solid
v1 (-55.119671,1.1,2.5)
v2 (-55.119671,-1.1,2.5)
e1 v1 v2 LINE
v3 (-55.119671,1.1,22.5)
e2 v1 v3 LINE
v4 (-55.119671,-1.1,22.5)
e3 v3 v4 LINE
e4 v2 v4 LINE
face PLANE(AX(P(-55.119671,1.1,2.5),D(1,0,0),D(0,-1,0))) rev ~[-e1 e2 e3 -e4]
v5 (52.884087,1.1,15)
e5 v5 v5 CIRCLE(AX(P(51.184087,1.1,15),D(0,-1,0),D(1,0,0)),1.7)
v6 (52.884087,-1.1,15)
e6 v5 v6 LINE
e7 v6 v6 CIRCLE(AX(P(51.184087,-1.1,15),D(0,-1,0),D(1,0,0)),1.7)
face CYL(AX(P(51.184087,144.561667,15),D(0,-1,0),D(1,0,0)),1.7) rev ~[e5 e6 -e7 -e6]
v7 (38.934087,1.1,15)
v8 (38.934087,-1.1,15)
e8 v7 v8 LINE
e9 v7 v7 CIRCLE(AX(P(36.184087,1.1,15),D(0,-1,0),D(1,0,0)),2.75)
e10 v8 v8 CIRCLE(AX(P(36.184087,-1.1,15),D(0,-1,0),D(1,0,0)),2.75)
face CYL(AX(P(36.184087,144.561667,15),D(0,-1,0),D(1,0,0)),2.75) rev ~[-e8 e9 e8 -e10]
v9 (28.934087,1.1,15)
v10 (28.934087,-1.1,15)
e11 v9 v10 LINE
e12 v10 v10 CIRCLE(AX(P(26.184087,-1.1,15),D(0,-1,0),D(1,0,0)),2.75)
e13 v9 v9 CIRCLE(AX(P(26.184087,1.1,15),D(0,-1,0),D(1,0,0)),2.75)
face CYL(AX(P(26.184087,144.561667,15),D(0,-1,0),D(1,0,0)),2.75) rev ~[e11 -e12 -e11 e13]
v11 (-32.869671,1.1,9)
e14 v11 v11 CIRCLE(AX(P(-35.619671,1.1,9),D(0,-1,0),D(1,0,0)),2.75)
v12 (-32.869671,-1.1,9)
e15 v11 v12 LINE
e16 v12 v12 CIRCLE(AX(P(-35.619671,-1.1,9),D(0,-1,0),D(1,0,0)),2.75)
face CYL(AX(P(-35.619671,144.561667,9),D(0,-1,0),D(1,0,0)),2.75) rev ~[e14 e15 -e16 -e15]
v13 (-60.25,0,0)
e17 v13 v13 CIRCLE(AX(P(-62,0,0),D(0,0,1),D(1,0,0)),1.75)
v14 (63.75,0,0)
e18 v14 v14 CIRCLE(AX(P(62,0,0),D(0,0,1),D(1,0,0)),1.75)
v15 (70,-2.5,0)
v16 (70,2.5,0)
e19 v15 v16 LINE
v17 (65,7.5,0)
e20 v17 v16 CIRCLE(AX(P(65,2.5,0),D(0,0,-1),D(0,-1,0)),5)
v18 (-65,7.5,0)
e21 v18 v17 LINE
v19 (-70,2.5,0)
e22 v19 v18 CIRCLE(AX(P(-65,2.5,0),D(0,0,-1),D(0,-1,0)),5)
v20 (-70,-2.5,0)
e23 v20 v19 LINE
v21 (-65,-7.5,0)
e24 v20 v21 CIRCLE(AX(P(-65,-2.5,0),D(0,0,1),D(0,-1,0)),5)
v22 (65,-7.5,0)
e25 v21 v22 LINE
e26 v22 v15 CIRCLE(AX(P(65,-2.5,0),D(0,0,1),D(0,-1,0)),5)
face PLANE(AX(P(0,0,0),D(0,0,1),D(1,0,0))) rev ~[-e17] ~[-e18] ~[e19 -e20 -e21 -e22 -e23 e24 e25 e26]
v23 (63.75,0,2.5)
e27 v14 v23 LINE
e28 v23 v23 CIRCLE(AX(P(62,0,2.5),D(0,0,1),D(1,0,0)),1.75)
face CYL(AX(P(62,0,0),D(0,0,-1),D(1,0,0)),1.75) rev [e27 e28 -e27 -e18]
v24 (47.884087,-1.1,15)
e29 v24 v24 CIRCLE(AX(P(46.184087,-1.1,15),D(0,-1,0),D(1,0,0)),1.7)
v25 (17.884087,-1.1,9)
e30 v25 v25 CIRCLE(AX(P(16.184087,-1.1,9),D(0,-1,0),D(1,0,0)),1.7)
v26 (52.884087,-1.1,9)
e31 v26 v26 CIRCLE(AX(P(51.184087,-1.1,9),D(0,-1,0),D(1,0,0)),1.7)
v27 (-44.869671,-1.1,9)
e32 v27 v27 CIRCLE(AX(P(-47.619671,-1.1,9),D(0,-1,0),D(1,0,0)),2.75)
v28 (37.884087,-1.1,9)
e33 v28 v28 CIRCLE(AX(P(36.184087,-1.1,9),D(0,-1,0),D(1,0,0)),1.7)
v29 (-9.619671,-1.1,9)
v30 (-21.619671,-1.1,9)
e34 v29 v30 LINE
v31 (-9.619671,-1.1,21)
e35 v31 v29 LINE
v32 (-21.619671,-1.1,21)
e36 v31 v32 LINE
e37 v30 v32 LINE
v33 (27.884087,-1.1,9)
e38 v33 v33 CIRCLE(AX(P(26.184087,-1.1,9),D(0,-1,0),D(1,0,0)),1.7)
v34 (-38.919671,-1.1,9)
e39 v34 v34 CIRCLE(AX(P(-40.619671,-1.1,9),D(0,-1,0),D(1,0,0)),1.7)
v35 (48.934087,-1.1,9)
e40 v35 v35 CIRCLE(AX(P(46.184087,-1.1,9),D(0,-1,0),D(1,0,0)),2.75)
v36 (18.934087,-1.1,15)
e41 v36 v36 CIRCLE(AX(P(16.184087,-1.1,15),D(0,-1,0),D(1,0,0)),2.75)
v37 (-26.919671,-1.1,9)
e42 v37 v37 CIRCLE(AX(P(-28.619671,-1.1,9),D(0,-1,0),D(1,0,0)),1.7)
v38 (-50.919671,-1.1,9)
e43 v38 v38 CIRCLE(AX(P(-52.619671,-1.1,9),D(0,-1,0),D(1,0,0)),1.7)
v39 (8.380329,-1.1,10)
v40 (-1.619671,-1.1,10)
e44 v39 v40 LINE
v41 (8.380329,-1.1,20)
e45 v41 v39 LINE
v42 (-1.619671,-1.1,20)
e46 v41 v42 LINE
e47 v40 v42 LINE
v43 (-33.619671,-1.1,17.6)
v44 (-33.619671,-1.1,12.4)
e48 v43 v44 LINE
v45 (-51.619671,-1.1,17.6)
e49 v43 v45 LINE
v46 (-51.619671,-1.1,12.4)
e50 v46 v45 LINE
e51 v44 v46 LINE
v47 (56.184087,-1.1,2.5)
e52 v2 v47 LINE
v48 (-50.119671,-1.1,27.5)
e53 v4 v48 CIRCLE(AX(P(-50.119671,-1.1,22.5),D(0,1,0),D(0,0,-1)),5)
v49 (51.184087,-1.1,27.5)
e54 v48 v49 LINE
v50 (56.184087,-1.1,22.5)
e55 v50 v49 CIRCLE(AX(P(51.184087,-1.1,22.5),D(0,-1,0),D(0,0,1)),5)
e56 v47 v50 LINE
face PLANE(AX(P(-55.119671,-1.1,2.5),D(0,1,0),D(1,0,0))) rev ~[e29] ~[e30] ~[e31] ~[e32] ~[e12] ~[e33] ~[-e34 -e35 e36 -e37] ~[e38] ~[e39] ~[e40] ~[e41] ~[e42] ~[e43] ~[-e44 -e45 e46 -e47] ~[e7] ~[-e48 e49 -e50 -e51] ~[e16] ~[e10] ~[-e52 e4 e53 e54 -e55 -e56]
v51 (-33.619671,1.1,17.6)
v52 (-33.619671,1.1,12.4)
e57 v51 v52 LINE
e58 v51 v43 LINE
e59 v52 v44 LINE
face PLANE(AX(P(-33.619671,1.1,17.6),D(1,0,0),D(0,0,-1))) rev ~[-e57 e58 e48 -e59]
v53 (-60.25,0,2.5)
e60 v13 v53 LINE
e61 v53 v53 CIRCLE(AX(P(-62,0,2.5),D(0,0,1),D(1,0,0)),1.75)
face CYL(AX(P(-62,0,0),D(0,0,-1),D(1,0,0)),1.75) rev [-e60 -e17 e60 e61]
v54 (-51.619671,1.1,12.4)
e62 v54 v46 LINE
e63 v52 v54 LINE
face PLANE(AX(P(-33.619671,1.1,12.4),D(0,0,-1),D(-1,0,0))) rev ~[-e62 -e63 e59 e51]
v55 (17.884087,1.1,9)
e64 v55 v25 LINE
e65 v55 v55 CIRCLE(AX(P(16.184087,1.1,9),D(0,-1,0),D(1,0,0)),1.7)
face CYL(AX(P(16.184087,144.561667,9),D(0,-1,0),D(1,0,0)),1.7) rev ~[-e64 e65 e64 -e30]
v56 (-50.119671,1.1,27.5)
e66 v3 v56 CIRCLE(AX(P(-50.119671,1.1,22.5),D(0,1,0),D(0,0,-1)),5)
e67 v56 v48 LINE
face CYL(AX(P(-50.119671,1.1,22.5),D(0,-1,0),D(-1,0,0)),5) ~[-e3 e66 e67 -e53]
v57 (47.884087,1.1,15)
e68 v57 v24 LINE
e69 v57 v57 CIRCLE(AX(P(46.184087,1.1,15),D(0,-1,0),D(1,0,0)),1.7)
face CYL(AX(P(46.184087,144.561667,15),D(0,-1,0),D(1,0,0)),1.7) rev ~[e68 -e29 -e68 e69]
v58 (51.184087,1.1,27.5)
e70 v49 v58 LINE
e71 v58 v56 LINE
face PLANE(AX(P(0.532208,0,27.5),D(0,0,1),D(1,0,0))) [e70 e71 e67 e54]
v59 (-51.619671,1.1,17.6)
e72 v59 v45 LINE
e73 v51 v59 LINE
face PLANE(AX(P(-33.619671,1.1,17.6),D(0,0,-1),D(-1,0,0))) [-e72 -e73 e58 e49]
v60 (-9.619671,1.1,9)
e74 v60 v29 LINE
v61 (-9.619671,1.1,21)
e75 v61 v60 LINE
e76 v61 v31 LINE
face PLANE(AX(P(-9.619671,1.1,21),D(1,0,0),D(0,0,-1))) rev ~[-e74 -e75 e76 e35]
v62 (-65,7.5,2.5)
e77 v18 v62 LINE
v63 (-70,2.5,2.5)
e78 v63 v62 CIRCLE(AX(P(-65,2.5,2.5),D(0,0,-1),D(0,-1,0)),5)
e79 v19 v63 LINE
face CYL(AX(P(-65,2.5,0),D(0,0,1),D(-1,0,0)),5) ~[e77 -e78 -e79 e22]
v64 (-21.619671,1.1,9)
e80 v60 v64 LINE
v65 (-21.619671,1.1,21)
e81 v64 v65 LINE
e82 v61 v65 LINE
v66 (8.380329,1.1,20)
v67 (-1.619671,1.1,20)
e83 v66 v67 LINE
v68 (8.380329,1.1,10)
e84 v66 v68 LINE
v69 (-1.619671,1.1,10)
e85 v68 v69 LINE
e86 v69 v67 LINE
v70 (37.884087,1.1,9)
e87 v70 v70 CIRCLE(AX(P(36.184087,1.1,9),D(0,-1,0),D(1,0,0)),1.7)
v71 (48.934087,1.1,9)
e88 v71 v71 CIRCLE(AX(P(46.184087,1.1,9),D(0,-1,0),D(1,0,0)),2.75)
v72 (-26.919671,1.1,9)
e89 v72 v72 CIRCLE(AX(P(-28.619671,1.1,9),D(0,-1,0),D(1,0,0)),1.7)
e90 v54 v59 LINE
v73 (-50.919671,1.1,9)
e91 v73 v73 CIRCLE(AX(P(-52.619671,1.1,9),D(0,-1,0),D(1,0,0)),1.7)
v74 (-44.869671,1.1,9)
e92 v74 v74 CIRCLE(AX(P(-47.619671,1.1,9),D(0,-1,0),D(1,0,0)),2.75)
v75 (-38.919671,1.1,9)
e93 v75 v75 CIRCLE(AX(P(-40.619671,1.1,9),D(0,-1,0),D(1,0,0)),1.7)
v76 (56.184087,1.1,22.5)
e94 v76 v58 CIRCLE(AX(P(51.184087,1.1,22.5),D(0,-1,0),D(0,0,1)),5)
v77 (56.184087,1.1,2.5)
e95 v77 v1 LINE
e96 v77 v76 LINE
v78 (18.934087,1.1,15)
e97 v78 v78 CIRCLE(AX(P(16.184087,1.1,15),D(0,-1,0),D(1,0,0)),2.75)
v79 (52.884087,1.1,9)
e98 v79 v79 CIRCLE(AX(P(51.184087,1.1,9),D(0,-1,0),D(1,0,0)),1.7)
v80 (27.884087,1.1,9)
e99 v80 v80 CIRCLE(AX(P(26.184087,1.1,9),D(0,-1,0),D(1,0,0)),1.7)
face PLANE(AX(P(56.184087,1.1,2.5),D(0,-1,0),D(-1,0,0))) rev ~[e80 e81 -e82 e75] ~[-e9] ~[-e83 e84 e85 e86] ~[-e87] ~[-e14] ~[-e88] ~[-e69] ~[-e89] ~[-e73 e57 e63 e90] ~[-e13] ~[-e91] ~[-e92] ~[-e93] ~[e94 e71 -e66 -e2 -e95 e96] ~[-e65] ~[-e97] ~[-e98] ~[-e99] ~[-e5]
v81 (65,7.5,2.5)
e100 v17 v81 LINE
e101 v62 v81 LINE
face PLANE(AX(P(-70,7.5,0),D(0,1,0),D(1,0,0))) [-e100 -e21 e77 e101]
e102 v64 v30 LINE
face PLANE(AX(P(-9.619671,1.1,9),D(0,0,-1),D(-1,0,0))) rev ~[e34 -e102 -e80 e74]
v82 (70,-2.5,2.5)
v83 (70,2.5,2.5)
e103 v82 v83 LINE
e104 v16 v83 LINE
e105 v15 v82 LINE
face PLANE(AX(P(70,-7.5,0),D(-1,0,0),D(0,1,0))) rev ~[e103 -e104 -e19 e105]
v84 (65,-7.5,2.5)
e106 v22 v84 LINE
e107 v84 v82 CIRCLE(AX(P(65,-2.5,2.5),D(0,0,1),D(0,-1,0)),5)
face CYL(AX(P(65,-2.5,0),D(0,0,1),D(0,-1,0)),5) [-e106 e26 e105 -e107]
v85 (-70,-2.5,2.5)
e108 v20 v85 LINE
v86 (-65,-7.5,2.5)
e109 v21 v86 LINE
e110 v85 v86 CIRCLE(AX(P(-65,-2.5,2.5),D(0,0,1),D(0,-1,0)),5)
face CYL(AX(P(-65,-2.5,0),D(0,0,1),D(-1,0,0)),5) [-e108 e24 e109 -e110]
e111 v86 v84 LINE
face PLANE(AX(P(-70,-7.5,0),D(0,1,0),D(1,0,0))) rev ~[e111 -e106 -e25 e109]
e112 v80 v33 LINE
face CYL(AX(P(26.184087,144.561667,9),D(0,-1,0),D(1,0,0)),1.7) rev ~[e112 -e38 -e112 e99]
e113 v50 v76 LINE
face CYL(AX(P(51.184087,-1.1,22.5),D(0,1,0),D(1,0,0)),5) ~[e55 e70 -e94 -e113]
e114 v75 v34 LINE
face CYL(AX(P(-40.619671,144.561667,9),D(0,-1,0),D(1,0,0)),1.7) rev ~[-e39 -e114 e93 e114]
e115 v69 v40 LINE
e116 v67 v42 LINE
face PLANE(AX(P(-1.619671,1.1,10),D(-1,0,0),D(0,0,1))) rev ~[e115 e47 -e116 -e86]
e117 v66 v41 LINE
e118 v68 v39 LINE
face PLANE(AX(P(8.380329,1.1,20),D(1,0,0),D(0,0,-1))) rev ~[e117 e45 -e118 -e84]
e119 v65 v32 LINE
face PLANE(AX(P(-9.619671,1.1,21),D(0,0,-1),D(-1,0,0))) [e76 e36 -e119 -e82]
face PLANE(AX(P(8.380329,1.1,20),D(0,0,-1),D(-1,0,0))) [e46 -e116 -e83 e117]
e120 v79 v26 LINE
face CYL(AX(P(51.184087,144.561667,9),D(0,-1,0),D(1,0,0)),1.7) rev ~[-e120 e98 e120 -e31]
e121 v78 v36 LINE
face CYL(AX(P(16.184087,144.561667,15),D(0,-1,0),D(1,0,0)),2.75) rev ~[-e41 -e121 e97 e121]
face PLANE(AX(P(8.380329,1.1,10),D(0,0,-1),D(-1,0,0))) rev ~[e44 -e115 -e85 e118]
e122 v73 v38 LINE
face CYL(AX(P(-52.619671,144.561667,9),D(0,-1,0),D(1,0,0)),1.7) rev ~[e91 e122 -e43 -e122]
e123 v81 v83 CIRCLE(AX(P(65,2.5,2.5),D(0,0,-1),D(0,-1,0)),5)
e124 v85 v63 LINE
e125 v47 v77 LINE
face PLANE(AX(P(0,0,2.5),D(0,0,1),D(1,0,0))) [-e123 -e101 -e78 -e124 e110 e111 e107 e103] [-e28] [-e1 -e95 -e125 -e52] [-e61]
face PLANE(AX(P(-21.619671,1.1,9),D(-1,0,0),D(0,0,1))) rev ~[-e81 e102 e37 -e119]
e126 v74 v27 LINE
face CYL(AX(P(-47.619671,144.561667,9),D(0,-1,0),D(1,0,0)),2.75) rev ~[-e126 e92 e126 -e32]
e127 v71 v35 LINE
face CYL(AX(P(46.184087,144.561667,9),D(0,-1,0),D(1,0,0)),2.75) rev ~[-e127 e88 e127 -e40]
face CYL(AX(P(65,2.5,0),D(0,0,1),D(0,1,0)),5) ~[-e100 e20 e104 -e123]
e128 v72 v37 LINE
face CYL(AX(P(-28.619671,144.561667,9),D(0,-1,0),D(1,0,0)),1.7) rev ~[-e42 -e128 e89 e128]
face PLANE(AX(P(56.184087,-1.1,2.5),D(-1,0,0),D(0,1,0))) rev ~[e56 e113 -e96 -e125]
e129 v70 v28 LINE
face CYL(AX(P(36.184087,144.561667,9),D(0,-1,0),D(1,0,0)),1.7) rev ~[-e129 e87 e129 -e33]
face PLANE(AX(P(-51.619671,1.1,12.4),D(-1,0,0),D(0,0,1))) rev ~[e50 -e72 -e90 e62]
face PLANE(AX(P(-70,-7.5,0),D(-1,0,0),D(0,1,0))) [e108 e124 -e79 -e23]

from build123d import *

# Parameters (mm, degrees)
F0_W     = 140
F0_H     = 15
F0_R     = 1.75
F1_DEPTH = 2.5
F3_DEPTH = 25
F4_W     = 18
F4_H     = 2.6
F4_W_2   = 12
F4_H_2   = 6
F4_W_3   = 10
F4_H_3   = 5
F5_DEPTH = 25
F6_D     = 3.4
F7_D     = 5.5
F8_R     = 5


with BuildPart() as f1:
    # F0 (on Top) → F1 (new body)
    with BuildSketch(Plane.XY):
        Rectangle(F0_W, F0_H)
        with Locations((-62, 0)):
            Circle(F0_R, mode=Mode.SUBTRACT)
        with Locations((62, 0)):
            Circle(F0_R, mode=Mode.SUBTRACT)
    extrude(amount=F1_DEPTH)

    # F2 (on face) → F3 (join)
    with BuildSketch(Plane.XY.offset(2.5)):
        Polygon((56.1840869486, 1.1), (-55.1196709275, 1.1), (-55.1196709275, -1.1), (56.1840869486, -1.1), (56.1840869486, 0), align=None)
    extrude(amount=F3_DEPTH)

    # F4 (on face) → F5 (cut)
    with BuildSketch(Plane(origin=(0, 1.1, 0), x_dir=(-1, 0, 0), z_dir=(0, 1, 0))):
        with Locations((42.6196709275, 16.3)):
            Rectangle(F4_W, F4_H)
        with Locations((42.6196709275, 13.7)):
            Rectangle(F4_W, F4_H)
        with Locations((15.6196709275, 18)):
            Rectangle(F4_W_2, F4_H_2)
        with Locations((15.6196709275, 12)):
            Rectangle(F4_W_2, F4_H_2)
        with Locations((-3.3803290725, 17.5)):
            Rectangle(F4_W_3, F4_H_3)
        with Locations((-3.3803290725, 12.5)):
            Rectangle(F4_W_3, F4_H_3)
    extrude(amount=-F5_DEPTH, mode=Mode.SUBTRACT)

    # F6 (through all)
    with Locations(Plane(origin=(0, 1.1, 0), x_dir=(-1, 0, 0), z_dir=(0, 1, 0))):
        with Locations((-51.1840869486, 15), (-46.1840869486, 15), (-16.1840869486, 9), (-26.1840869486, 9), (-36.1840869486, 9), (-51.1840869486, 9), (52.6196709275, 9), (40.6196709275, 9), (28.6196709275, 9)):
            Hole(F6_D / 2)

    # F7 (through all)
    with Locations(Plane(origin=(0, 1.1, 0), x_dir=(-1, 0, 0), z_dir=(0, 1, 0))):
        with Locations((-36.1840869486, 15), (-26.1840869486, 15), (-16.1840869486, 15), (-46.1840869486, 9), (47.6196709275, 9), (35.6196709275, 9)):
            Hole(F7_D / 2)

    # F8
    f8_edges = [f1.edges().sort_by_distance(p)[0] for p in [
        (56.184087, 0, 27.5),
        (-55.119671, 0, 27.5),
        (70, 7.5, 1.25),
        (70, -7.5, 1.25),
        (-70, 7.5, 1.25),
        (-70, -7.5, 1.25),
    ]]
    fillet(f8_edges, radius=F8_R)


solid = f1.part
